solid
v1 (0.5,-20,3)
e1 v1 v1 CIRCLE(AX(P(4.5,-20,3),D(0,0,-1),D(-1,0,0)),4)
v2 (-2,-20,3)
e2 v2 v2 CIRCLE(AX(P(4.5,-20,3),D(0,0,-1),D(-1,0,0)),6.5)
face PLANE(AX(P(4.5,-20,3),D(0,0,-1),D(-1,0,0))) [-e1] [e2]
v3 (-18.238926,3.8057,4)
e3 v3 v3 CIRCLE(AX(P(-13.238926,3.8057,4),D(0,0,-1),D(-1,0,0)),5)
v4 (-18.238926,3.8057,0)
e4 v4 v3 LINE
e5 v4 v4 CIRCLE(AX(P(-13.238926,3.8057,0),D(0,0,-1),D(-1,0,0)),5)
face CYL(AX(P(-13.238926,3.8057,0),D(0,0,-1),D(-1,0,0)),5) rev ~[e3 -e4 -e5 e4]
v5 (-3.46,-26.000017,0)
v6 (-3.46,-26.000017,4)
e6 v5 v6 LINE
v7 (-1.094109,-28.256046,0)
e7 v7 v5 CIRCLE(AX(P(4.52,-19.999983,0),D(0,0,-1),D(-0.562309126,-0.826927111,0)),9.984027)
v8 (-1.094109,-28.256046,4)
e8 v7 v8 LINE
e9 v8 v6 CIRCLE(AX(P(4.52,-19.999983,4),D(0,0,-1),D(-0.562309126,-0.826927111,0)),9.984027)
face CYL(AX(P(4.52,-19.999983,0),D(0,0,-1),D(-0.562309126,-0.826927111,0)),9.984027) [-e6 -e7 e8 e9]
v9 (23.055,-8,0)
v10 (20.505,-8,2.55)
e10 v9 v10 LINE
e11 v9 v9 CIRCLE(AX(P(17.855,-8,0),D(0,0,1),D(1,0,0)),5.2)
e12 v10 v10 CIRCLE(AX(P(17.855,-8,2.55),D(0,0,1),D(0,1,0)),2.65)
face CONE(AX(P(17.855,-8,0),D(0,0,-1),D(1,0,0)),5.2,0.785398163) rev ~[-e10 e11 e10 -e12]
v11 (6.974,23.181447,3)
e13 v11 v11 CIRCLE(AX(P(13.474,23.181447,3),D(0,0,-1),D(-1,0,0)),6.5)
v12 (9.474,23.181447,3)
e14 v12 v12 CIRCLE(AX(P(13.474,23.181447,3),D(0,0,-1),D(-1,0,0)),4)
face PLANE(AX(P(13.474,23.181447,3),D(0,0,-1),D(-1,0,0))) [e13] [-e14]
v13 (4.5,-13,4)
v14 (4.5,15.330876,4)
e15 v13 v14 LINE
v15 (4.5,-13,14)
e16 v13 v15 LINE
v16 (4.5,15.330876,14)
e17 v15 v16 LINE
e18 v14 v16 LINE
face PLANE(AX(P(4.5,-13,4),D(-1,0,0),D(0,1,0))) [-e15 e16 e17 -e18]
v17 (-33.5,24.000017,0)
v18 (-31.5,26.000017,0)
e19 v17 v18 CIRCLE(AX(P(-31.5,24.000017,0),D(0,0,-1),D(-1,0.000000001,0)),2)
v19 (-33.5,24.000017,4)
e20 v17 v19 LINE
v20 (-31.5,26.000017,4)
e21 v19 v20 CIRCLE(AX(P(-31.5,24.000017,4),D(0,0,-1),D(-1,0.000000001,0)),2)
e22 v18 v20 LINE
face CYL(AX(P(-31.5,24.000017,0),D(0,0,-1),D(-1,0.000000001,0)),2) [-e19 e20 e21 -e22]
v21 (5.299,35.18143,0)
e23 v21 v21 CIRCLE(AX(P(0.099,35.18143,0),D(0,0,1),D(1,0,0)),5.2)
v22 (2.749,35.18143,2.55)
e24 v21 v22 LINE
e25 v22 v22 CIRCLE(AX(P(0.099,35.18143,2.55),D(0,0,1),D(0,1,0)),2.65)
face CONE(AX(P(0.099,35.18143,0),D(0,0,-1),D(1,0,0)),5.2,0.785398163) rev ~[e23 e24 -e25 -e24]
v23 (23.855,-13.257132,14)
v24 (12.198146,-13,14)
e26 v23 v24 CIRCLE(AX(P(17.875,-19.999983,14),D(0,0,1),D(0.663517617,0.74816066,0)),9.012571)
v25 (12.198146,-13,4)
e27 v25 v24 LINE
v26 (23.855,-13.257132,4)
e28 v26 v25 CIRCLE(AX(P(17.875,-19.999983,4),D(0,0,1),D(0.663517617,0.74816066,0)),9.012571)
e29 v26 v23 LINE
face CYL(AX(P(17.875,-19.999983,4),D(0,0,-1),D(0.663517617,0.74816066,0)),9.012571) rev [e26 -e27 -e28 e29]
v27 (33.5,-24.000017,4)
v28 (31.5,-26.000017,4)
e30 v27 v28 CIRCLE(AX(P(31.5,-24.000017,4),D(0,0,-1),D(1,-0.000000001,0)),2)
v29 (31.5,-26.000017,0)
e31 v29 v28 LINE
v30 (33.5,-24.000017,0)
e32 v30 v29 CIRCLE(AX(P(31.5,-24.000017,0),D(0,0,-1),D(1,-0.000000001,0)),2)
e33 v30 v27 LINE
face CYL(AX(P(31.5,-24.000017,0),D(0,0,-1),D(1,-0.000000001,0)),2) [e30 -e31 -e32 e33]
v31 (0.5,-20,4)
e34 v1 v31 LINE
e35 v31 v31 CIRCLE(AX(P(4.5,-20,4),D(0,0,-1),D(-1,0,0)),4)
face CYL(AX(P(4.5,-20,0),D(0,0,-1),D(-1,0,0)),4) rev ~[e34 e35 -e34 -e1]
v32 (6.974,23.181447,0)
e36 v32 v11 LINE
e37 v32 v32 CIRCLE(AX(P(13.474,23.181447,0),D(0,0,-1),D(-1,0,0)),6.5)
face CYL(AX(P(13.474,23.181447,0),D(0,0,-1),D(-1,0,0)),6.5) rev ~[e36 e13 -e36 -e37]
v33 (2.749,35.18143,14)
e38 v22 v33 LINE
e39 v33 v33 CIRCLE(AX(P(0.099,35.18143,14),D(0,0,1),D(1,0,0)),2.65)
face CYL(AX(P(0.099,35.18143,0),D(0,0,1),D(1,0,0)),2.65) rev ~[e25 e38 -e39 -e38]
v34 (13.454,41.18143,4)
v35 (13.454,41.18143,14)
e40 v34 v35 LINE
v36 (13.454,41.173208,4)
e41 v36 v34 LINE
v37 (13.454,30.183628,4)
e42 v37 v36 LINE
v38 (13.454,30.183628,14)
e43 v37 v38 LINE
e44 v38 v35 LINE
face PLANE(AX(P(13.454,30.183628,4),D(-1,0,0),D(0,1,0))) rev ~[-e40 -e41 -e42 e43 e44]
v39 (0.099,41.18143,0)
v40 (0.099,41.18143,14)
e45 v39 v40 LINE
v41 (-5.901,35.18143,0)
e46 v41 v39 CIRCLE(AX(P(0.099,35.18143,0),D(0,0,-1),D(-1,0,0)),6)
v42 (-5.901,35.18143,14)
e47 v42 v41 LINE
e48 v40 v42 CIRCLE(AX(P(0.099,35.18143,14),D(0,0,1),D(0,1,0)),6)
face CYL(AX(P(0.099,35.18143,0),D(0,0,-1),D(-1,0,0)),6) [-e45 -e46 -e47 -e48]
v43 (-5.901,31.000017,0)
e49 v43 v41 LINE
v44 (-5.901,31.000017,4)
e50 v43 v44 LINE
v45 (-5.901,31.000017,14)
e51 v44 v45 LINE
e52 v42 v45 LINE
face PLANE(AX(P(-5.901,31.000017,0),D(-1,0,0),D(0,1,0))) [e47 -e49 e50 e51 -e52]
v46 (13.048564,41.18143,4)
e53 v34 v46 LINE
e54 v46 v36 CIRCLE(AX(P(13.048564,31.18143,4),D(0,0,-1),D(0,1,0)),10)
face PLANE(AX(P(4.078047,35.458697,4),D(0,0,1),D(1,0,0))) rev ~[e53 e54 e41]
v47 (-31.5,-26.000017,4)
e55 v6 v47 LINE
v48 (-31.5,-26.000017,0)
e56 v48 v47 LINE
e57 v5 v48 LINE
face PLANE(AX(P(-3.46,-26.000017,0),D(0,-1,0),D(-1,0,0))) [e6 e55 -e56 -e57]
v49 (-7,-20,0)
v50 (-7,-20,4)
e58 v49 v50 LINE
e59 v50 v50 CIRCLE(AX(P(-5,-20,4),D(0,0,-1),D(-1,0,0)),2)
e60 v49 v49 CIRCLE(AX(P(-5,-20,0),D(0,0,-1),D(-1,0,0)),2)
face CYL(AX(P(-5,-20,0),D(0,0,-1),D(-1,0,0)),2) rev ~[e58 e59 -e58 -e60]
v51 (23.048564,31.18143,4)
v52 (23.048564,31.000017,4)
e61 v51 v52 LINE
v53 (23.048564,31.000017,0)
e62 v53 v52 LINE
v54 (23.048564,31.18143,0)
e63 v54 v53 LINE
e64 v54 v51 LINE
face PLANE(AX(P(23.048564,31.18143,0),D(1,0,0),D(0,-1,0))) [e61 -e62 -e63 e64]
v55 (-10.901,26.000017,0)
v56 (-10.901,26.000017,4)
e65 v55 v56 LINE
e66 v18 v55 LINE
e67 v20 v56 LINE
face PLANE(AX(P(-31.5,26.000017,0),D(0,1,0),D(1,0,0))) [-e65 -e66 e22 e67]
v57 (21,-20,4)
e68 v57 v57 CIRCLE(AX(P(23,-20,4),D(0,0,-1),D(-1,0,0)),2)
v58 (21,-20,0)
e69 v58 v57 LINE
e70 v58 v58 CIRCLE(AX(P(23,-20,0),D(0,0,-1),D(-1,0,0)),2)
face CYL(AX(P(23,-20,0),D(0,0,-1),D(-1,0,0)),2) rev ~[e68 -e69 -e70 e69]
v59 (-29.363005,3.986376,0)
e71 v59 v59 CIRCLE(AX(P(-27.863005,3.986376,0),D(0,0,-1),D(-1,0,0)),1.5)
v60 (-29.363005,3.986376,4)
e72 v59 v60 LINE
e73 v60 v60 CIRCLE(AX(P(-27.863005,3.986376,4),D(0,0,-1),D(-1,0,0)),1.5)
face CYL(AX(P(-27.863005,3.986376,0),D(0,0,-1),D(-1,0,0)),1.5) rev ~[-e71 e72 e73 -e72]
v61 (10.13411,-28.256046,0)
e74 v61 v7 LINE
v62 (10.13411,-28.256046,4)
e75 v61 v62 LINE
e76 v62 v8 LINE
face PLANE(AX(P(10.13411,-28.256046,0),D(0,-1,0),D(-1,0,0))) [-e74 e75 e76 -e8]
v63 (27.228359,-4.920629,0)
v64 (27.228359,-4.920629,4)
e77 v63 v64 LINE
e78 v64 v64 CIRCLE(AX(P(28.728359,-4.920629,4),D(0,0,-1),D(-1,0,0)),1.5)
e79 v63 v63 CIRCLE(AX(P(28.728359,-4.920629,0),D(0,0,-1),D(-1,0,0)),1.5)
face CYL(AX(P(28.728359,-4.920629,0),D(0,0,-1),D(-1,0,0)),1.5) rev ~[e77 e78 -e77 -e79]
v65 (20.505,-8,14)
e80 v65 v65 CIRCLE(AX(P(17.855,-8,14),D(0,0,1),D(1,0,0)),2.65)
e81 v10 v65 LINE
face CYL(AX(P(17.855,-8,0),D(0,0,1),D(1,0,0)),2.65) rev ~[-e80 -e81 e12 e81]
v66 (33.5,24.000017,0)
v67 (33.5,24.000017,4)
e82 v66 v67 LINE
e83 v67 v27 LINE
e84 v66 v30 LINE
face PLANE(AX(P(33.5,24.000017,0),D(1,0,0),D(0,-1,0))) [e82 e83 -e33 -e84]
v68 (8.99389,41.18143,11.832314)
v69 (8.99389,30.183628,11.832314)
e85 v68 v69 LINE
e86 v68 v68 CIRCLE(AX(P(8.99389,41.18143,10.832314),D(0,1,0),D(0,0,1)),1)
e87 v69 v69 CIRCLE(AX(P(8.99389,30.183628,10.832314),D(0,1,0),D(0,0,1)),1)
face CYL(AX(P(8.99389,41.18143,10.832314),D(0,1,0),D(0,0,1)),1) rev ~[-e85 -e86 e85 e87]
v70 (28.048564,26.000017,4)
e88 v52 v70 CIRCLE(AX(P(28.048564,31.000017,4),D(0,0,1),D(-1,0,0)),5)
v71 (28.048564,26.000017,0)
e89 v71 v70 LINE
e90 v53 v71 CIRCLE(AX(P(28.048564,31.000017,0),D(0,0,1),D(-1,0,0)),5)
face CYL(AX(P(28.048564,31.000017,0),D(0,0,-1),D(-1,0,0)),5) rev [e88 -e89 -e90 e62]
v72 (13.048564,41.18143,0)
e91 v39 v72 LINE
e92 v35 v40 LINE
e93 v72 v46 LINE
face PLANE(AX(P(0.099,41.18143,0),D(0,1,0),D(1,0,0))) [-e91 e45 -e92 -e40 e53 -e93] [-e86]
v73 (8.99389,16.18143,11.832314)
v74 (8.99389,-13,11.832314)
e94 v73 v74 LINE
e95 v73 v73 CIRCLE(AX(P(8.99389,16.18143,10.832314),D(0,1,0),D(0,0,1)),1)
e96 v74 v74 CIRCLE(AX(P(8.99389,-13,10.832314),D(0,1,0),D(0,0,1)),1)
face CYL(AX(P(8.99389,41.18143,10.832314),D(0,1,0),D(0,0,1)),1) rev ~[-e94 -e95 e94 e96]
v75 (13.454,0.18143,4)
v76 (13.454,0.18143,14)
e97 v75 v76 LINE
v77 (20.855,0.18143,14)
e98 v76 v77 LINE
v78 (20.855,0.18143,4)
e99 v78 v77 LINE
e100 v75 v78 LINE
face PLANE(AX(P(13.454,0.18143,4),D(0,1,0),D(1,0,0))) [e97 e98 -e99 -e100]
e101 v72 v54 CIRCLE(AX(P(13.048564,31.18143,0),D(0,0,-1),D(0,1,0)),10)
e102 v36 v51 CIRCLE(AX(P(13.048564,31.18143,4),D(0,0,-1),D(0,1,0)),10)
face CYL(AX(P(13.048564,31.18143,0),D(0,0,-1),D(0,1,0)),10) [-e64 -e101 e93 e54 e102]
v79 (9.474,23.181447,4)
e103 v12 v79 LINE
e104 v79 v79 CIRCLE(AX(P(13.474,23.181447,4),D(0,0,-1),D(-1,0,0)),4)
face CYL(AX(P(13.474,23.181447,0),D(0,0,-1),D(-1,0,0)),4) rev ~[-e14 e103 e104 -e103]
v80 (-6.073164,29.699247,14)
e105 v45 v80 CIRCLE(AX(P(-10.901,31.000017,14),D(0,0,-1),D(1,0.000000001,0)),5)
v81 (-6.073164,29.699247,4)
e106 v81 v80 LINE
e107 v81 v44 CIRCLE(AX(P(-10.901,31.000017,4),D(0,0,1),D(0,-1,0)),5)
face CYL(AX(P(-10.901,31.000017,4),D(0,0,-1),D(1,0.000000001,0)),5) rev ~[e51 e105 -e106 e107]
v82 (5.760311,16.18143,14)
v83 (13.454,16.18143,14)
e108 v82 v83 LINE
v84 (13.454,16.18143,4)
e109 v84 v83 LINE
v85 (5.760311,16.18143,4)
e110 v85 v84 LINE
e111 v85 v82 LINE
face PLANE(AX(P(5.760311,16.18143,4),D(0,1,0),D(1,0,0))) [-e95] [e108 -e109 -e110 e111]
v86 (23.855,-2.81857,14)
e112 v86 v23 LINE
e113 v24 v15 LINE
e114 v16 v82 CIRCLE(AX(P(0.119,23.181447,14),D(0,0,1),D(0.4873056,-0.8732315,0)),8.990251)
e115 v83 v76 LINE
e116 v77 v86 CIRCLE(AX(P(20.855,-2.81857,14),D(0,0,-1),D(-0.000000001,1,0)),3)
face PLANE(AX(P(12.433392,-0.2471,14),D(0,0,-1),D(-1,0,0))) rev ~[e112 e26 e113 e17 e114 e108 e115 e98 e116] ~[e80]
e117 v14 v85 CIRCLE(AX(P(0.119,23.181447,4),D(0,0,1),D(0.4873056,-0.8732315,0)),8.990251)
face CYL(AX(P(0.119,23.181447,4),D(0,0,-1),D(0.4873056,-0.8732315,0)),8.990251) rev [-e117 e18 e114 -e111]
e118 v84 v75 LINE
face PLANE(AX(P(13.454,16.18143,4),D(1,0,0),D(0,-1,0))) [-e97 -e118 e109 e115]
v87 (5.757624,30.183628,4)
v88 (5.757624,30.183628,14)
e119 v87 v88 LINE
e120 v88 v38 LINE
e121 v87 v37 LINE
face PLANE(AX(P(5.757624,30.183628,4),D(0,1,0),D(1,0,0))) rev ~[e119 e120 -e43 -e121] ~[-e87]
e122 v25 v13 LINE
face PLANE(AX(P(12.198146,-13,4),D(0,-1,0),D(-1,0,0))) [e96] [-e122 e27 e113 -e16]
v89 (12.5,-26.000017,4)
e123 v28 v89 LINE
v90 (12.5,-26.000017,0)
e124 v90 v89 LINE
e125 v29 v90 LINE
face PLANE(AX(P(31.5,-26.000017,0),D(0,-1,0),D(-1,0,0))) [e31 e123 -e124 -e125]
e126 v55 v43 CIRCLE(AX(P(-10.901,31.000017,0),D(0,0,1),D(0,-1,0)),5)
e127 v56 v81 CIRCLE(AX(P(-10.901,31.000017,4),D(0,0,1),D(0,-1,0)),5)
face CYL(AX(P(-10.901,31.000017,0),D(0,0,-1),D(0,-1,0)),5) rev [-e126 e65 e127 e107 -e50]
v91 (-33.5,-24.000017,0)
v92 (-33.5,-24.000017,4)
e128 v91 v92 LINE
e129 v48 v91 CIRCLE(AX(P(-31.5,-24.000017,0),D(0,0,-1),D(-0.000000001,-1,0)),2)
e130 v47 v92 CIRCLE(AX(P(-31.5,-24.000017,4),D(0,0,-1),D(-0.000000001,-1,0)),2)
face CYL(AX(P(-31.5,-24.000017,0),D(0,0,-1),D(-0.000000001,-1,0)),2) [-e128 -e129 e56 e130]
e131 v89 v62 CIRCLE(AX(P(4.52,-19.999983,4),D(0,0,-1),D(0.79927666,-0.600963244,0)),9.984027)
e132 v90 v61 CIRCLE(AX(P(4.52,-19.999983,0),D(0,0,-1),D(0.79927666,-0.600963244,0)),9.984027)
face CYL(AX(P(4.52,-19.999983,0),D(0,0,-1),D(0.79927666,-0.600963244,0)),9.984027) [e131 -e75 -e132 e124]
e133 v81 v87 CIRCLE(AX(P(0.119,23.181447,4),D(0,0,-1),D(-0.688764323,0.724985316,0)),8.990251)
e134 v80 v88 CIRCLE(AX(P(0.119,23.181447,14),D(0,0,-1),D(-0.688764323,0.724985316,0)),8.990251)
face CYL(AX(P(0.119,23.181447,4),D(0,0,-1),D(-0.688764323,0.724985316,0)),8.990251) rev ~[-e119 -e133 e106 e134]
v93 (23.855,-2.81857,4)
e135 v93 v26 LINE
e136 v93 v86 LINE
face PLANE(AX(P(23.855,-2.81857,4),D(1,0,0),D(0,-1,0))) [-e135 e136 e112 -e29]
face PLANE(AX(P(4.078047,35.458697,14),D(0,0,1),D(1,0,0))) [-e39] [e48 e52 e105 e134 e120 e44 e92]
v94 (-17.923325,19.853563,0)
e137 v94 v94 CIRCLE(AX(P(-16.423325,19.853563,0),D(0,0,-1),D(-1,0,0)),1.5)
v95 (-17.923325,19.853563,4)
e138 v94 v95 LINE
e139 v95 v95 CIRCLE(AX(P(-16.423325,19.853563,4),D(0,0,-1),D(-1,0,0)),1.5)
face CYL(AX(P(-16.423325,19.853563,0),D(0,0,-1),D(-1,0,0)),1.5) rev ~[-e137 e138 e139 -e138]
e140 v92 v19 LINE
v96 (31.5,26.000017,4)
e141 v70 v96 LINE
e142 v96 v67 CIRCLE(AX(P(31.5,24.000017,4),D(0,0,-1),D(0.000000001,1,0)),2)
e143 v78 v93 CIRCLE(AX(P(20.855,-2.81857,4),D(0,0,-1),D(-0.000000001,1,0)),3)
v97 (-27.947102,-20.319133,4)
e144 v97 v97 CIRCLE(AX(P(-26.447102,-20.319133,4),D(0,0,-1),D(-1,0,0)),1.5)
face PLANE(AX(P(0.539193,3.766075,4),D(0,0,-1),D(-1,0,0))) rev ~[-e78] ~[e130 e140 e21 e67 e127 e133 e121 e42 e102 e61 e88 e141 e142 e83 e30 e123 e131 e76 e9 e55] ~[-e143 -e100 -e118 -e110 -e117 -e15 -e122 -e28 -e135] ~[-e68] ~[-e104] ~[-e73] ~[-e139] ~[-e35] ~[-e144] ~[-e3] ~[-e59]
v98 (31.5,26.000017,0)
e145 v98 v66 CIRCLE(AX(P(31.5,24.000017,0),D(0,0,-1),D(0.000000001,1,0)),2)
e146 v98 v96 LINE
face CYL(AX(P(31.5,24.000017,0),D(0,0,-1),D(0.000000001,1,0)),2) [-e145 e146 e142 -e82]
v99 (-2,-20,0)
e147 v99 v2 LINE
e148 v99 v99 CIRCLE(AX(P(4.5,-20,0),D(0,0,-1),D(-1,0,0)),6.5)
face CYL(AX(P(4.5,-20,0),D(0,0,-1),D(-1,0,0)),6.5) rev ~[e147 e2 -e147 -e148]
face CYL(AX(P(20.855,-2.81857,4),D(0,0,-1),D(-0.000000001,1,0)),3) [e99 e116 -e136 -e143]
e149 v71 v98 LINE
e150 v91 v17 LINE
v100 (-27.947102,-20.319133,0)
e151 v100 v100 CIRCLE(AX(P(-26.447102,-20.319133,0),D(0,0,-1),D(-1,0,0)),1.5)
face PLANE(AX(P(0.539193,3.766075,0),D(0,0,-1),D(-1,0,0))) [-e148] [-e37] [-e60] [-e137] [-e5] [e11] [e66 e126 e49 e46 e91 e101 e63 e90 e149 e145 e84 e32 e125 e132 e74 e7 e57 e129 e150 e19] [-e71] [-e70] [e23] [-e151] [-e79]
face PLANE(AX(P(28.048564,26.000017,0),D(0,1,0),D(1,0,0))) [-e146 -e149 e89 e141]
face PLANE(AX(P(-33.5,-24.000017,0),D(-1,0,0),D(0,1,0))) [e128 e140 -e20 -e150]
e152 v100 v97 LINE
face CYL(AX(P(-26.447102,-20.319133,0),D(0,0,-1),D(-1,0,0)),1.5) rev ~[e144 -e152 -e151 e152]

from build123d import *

# Parameters (mm, degrees)
ESBO_O1_R                                       = 2.5
RESSALTO_EXTRUS_O1_DEPTH                        = 4
ESBO_O2_R                                       = 1.5
ESBO_O2_R_2                                     = 5
ESBO_O2_R_3                                     = 4
ESBO_O2_R_4                                     = 2
CORTE_EXTRUS_O1_DEPTH                           = 4
ESBO_O3_R                                       = 6.5
CUT_EXTRUDE1_DEPTH                              = 3
SKETCH1_R                                       = 2.5
BOSS_EXTRUDE1_DEPTH                             = 10
SKETCH2_R                                       = 1
CUT_EXTRUDE3_DEPTH                              = 58
CSK_FOR_M5_FLAT_HEAD_MACHINE_SCREW1_D           = 5.3
CSK_FOR_M5_FLAT_HEAD_MACHINE_SCREW1_CSINK_D     = 10.4
CSK_FOR_M5_FLAT_HEAD_MACHINE_SCREW1_CSINK_ANGLE = 90


with BuildPart() as part:
    # Esboço1 → Ressalto-extrusão1 (new body)
    with BuildSketch(Plane.XY):
        with BuildLine():
            Line((28.048564207, 26.000016667), (31.500000169, 26.000016667))
            ThreePointArc((31.500000169, 26.000016667), (32.914213731, 25.414230229), (33.500000169, 24.000016667))
            Line((33.500000169, 24.000016667), (33.500000169, -24.000016667))
            ThreePointArc((33.500000169, -24.000016667), (32.914213731, -25.414230229), (31.500000169, -26.000016667))
            Line((31.500000169, -26.000016667), (12.499999983, -26.000016667))
            ThreePointArc((12.499999983, -26.000016667), (11.410019713, -27.2255233), (10.134109695, -28.256046043))
            Line((10.134109695, -28.256046043), (-1.094109442, -28.256046043))
            ThreePointArc((-1.094109442, -28.256046043), (-2.37001946, -27.2255233), (-3.45999973, -26.000016667))
            Line((-3.45999973, -26.000016667), (-31.500000169, -26.000016667))
            ThreePointArc((-31.500000169, -26.000016667), (-32.914213731, -25.414230229), (-33.500000169, -24.000016667))
            Line((-33.500000169, -24.000016667), (-33.500000169, 24.000016667))
            ThreePointArc((-33.500000169, 24.000016667), (-32.914213731, 25.414230229), (-31.500000169, 26.000016667))
            Line((-31.500000169, 26.000016667), (-10.901, 26.000016667))
            ThreePointArc((-10.901, 26.000016667), (-7.365466094, 27.464482761), (-5.901, 31.000016667))
            Line((-5.901, 31.000016667), (-5.901, 35.181429851))
            ThreePointArc((-5.901, 35.181429851), (-4.143640687, 39.424070538), (0.099, 41.181429851))
            Line((0.099, 41.181429851), (13.048564207, 41.181429851))
            ThreePointArc((13.048564207, 41.181429851), (20.119632019, 38.252497663), (23.048564207, 31.181429851))
            Line((23.048564207, 31.181429851), (23.048564207, 31.000016667))
            ThreePointArc((23.048564207, 31.000016667), (24.513030301, 27.464482761), (28.048564207, 26.000016667))
        make_face()
        with Locations((0.099, 35.181429851)):
            Circle(ESBO_O1_R, mode=Mode.SUBTRACT)
        with Locations((17.855, -8)):
            Circle(ESBO_O1_R, mode=Mode.SUBTRACT)
    extrude(amount=RESSALTO_EXTRUS_O1_DEPTH)

    # Esboço2 → Corte-extrusão1 (cut)
    with BuildSketch(Plane(origin=(0, 0, 0), x_dir=(-1, 0, 0), z_dir=(0, 0, -1))):
        with Locations((-28.728359433, -4.920628891)):
            Circle(ESBO_O2_R)
        with Locations((16.423325421, 19.853563273)):
            Circle(ESBO_O2_R)
        with Locations((27.863004989, 3.986376213)):
            Circle(ESBO_O2_R)
        with Locations((26.447101695, -20.319132993)):
            Circle(ESBO_O2_R)
        with Locations((13.238926139, 3.805699557)):
            Circle(ESBO_O2_R_2)
        with Locations((-13.474000127, 23.181446518)):
            Circle(ESBO_O2_R_3)
        with Locations((-4.5, -20)):
            Circle(ESBO_O2_R_3)
        with Locations((-23, -20)):
            Circle(ESBO_O2_R_4)
        with Locations((5, -20)):
            Circle(ESBO_O2_R_4)
    extrude(amount=-CORTE_EXTRUS_O1_DEPTH, mode=Mode.SUBTRACT)

    # Esboço3 → Cut-Extrude1 (cut)
    with BuildSketch(Plane(origin=(0, 0, 0), x_dir=(-1, 0, 0), z_dir=(0, 0, -1))):
        with Locations((-13.474000127, 23.181446518)):
            Circle(ESBO_O3_R)
        with Locations((-4.5, -20)):
            Circle(ESBO_O3_R)
    extrude(amount=-CUT_EXTRUDE1_DEPTH, mode=Mode.SUBTRACT)

    # Sketch1 → Boss-Extrude1 (add)
    # profile 1 of 2: a face of its own
    with BuildSketch(Plane.XY.offset(4)):
        with BuildLine():
            Line((13.454, 16.18142986), (13.454, 0.181429851))
            Line((13.454, 0.181429851), (20.855, 0.181429851))
            ThreePointArc((20.855, 0.181429851), (22.976320344, -0.697249805), (23.855, -2.818570149))
            Line((23.855, -2.818570149), (23.855, -13.257131994))
            ThreePointArc((23.855, -13.257131994), (18.073755029, -10.98960381), (12.198145727, -12.999999991))
            Line((12.198145727, -12.999999991), (4.499999978, -12.999999991))
            Line((4.499999978, -12.999999991), (4.499999978, 15.330875804))
            ThreePointArc((4.499999978, 15.330875804), (5.148168847, 15.729461399), (5.76031088, 16.18142986))
            Line((5.76031088, 16.18142986), (13.454, 16.18142986))
        make_face()
        with Locations((17.855, -8)):
            Circle(SKETCH1_R, mode=Mode.SUBTRACT)
    # profile 2 of 2: a face of its own
    with BuildSketch(Plane.XY.offset(4)):
        with BuildLine():
            Line((13.453999976, 41.181429851), (0.099, 41.181429851))
            ThreePointArc((0.099, 41.181429851), (-4.143640687, 39.424070538), (-5.901, 35.181429851))
            Line((-5.901, 35.181429851), (-5.901, 31.000016667))
            ThreePointArc((-5.901, 31.000016667), (-5.944227937, 30.34395972), (-6.073164287, 29.699246768))
            ThreePointArc((-6.073164287, 29.699246768), (-0.248774232, 32.164172288), (5.757624044, 30.183627646))
            Line((5.757624044, 30.183627646), (13.453999976, 30.183627646))
            Line((13.453999976, 30.183627646), (13.453999976, 41.181429851))
        make_face()
        with Locations((0.099, 35.181429851)):
            Circle(SKETCH1_R, mode=Mode.SUBTRACT)
    extrude(amount=BOSS_EXTRUDE1_DEPTH)

    # Sketch2 → Cut-Extrude3 (cut)
    with BuildSketch(Plane(origin=(0, 41.181429851, 0), x_dir=(-1, 0, 0), z_dir=(0, 1, 0))):
        with Locations(Location((-8.993889952, 10.832314202, 0), (0, 0, 90))):
            Circle(SKETCH2_R)
    extrude(amount=-CUT_EXTRUDE3_DEPTH, mode=Mode.SUBTRACT)

    # CSK for M5 Flat Head Machine Screw1 (through all)
    with Locations(Plane(origin=(0, 0, 0), x_dir=(-1, 0, 0), z_dir=(0, 0, -1))):
        with Locations((-0.099, 35.181429851), (-17.855, -8)):
            CounterSinkHole(CSK_FOR_M5_FLAT_HEAD_MACHINE_SCREW1_D / 2, CSK_FOR_M5_FLAT_HEAD_MACHINE_SCREW1_CSINK_D / 2, counter_sink_angle=CSK_FOR_M5_FLAT_HEAD_MACHINE_SCREW1_CSINK_ANGLE)


solid = part.part
